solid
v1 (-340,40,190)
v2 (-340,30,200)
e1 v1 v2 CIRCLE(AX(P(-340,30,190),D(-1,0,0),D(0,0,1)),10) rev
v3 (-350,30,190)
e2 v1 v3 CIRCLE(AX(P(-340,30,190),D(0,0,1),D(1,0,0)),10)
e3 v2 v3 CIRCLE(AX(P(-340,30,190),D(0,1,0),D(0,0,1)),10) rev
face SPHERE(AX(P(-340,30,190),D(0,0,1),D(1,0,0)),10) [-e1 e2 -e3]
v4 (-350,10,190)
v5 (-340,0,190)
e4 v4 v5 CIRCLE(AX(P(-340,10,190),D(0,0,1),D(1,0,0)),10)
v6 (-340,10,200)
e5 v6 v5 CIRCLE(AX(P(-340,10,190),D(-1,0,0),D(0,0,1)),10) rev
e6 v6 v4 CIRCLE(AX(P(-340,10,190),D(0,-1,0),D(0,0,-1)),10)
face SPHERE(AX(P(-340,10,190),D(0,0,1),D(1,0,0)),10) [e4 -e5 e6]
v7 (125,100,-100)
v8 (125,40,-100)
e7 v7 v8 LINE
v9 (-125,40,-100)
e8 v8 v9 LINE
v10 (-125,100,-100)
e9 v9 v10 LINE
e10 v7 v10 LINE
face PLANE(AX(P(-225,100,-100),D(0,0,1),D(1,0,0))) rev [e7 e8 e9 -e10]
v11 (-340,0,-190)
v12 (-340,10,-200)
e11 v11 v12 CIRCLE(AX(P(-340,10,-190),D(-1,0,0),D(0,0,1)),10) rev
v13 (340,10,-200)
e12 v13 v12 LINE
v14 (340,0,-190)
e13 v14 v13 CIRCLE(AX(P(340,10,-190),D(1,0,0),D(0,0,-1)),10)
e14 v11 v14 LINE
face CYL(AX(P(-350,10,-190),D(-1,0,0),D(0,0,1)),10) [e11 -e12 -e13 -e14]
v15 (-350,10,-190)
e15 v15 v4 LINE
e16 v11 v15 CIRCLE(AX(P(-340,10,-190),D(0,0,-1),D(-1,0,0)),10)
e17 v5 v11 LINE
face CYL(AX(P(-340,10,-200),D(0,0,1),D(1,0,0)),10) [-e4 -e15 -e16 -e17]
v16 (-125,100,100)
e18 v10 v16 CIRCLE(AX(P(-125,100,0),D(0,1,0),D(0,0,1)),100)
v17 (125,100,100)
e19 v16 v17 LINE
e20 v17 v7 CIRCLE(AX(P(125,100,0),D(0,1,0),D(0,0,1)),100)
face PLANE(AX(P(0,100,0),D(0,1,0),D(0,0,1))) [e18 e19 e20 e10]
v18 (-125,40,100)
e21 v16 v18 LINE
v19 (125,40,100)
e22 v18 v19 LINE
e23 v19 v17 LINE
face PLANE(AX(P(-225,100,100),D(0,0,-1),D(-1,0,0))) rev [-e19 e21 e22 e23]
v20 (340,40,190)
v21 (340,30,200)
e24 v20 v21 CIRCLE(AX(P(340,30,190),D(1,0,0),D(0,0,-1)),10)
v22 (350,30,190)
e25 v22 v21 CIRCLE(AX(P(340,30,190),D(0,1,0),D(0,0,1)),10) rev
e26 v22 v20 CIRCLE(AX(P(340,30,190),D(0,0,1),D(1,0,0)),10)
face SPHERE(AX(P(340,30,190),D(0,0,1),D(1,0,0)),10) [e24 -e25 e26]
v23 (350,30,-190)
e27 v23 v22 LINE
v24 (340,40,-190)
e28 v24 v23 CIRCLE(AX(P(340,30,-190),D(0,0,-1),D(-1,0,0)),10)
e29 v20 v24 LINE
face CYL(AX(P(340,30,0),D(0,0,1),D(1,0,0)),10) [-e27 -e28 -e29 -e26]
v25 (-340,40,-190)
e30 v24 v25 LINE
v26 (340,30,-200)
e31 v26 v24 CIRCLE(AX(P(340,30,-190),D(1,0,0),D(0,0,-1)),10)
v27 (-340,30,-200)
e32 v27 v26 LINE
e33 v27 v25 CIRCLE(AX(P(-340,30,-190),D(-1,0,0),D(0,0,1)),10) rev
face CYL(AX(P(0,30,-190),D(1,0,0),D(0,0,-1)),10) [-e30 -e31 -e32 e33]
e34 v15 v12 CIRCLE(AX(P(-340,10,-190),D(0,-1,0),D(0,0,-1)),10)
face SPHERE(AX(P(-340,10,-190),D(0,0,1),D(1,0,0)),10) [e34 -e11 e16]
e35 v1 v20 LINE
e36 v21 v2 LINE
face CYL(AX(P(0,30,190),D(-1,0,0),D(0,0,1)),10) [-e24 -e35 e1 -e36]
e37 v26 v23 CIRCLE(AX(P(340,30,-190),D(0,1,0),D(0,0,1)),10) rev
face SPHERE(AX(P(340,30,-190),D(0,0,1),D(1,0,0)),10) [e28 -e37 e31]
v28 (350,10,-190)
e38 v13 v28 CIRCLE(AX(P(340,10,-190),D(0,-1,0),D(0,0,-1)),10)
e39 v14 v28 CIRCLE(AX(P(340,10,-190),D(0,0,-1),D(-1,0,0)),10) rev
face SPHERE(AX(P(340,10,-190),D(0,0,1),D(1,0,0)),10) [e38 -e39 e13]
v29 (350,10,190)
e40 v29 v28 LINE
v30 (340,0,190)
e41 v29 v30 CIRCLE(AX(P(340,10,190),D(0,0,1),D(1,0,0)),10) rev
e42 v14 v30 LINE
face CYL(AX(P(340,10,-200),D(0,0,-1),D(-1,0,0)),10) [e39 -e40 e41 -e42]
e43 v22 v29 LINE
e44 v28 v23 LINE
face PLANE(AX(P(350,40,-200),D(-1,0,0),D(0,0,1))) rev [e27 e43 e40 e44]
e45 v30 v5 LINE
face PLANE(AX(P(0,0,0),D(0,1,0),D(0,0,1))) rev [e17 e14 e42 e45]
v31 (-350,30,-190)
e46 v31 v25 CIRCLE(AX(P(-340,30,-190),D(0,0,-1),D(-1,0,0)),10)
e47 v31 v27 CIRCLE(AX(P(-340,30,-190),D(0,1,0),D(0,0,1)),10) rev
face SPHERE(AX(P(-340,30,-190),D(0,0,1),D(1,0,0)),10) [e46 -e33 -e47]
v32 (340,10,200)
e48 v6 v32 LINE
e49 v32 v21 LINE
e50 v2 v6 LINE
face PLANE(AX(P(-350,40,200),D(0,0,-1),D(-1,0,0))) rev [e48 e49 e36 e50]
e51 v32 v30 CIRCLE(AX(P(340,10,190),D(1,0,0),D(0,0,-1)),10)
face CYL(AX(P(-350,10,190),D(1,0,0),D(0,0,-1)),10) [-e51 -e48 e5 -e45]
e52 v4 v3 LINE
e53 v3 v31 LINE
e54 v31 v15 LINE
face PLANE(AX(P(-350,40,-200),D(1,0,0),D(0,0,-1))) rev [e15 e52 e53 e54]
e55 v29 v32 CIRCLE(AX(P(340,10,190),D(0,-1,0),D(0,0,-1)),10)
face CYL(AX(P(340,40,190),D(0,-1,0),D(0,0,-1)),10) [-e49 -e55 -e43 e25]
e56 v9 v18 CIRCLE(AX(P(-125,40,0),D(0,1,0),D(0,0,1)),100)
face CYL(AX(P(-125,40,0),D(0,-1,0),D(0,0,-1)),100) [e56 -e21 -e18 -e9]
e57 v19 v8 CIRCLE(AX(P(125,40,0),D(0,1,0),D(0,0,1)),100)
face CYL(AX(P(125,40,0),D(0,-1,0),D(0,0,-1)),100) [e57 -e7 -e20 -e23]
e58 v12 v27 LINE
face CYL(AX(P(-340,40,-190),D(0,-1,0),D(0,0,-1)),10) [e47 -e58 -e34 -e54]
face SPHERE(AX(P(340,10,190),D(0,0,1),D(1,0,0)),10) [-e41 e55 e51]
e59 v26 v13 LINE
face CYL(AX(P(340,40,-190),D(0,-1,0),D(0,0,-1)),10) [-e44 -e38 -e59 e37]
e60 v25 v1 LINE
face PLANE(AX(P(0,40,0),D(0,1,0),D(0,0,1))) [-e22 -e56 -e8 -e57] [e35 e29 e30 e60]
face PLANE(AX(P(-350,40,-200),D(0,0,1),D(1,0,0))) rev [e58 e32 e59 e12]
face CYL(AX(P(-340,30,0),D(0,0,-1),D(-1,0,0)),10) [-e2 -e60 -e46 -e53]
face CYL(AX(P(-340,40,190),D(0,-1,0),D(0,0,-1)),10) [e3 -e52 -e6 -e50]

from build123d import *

# Parameters (mm, degrees)
SKETCH1_W           = 700
SKETCH1_H           = 400
BOSS_EXTRUDE1_DEPTH = 40
FILLET1_R           = 10
SKETCH2_W           = 450
SKETCH2_H           = 200
BOSS_EXTRUDE2_DEPTH = 60
FILLET2_RADIUS      = 100
FILLET2_LENGTH      = 60
FILLET3_RADIUS      = 100
FILLET3_LENGTH      = 60


with BuildPart() as part:
    # Sketch1 → Boss-Extrude1 (new body)
    with BuildSketch(Plane(origin=(0, 0, 0), x_dir=(1, 0, 0), z_dir=(0, 1, 0))):
        Rectangle(SKETCH1_W, SKETCH1_H)
    extrude(amount=BOSS_EXTRUDE1_DEPTH)

    # Fillet1
    fillet1_edges = [part.edges().sort_by_distance(p)[0] for p in [
        (-350, 40, 0),
        (0, 40, 200),
        (350, 40, 0),
        (0, 0, 200),
        (-350, 0, 0),
        (0, 0, -200),
        (350, 0, 0),
        (350, 20, 200),
        (-350, 20, 200),
        (-350, 20, -200),
        (350, 20, -200),
        (0, 40, -200),
    ]]
    fillet(fillet1_edges, radius=FILLET1_R)

    # Sketch2 → Boss-Extrude2 (add)
    with BuildSketch(Plane(origin=(0, 40, 0), x_dir=(1, 0, 0), z_dir=(0, 1, 0))):
        Rectangle(SKETCH2_W, SKETCH2_H)
    extrude(amount=BOSS_EXTRUDE2_DEPTH)

    # Fillet2: full round fillet: the end face becomes a half cylinder, R = half its width
    fillet2_face = Plane((225, 70, 0), x_dir=(0, -1, 0), z_dir=(1, 0, 0))  # on the end face: x along it, z out of the body
    fillet2_slab = fillet2_face.offset(-FILLET2_RADIUS / 2) * Box(FILLET2_LENGTH, 2 * FILLET2_RADIUS, FILLET2_RADIUS, mode=Mode.PRIVATE)  # the body's end, R deep
    fillet2_round = Plane((125, 70, 0), x_dir=(1, 0, 0), z_dir=(0, -1, 0)) * Cylinder(FILLET2_RADIUS, FILLET2_LENGTH, mode=Mode.PRIVATE)  # its axis R under the face
    add(fillet2_slab - fillet2_round, mode=Mode.SUBTRACT)

    # Fillet3: full round fillet: the end face becomes a half cylinder, R = half its width
    fillet3_face = Plane((-225, 70, 0), x_dir=(0, -1, 0), z_dir=(-1, 0, 0))  # on the end face: x along it, z out of the body
    fillet3_slab = fillet3_face.offset(-FILLET3_RADIUS / 2) * Box(FILLET3_LENGTH, 2 * FILLET3_RADIUS, FILLET3_RADIUS, mode=Mode.PRIVATE)  # the body's end, R deep
    fillet3_round = Plane((-125, 70, 0), x_dir=(-1, 0, 0), z_dir=(0, -1, 0)) * Cylinder(FILLET3_RADIUS, FILLET3_LENGTH, mode=Mode.PRIVATE)  # its axis R under the face
    add(fillet3_slab - fillet3_round, mode=Mode.SUBTRACT)


solid = part.part
